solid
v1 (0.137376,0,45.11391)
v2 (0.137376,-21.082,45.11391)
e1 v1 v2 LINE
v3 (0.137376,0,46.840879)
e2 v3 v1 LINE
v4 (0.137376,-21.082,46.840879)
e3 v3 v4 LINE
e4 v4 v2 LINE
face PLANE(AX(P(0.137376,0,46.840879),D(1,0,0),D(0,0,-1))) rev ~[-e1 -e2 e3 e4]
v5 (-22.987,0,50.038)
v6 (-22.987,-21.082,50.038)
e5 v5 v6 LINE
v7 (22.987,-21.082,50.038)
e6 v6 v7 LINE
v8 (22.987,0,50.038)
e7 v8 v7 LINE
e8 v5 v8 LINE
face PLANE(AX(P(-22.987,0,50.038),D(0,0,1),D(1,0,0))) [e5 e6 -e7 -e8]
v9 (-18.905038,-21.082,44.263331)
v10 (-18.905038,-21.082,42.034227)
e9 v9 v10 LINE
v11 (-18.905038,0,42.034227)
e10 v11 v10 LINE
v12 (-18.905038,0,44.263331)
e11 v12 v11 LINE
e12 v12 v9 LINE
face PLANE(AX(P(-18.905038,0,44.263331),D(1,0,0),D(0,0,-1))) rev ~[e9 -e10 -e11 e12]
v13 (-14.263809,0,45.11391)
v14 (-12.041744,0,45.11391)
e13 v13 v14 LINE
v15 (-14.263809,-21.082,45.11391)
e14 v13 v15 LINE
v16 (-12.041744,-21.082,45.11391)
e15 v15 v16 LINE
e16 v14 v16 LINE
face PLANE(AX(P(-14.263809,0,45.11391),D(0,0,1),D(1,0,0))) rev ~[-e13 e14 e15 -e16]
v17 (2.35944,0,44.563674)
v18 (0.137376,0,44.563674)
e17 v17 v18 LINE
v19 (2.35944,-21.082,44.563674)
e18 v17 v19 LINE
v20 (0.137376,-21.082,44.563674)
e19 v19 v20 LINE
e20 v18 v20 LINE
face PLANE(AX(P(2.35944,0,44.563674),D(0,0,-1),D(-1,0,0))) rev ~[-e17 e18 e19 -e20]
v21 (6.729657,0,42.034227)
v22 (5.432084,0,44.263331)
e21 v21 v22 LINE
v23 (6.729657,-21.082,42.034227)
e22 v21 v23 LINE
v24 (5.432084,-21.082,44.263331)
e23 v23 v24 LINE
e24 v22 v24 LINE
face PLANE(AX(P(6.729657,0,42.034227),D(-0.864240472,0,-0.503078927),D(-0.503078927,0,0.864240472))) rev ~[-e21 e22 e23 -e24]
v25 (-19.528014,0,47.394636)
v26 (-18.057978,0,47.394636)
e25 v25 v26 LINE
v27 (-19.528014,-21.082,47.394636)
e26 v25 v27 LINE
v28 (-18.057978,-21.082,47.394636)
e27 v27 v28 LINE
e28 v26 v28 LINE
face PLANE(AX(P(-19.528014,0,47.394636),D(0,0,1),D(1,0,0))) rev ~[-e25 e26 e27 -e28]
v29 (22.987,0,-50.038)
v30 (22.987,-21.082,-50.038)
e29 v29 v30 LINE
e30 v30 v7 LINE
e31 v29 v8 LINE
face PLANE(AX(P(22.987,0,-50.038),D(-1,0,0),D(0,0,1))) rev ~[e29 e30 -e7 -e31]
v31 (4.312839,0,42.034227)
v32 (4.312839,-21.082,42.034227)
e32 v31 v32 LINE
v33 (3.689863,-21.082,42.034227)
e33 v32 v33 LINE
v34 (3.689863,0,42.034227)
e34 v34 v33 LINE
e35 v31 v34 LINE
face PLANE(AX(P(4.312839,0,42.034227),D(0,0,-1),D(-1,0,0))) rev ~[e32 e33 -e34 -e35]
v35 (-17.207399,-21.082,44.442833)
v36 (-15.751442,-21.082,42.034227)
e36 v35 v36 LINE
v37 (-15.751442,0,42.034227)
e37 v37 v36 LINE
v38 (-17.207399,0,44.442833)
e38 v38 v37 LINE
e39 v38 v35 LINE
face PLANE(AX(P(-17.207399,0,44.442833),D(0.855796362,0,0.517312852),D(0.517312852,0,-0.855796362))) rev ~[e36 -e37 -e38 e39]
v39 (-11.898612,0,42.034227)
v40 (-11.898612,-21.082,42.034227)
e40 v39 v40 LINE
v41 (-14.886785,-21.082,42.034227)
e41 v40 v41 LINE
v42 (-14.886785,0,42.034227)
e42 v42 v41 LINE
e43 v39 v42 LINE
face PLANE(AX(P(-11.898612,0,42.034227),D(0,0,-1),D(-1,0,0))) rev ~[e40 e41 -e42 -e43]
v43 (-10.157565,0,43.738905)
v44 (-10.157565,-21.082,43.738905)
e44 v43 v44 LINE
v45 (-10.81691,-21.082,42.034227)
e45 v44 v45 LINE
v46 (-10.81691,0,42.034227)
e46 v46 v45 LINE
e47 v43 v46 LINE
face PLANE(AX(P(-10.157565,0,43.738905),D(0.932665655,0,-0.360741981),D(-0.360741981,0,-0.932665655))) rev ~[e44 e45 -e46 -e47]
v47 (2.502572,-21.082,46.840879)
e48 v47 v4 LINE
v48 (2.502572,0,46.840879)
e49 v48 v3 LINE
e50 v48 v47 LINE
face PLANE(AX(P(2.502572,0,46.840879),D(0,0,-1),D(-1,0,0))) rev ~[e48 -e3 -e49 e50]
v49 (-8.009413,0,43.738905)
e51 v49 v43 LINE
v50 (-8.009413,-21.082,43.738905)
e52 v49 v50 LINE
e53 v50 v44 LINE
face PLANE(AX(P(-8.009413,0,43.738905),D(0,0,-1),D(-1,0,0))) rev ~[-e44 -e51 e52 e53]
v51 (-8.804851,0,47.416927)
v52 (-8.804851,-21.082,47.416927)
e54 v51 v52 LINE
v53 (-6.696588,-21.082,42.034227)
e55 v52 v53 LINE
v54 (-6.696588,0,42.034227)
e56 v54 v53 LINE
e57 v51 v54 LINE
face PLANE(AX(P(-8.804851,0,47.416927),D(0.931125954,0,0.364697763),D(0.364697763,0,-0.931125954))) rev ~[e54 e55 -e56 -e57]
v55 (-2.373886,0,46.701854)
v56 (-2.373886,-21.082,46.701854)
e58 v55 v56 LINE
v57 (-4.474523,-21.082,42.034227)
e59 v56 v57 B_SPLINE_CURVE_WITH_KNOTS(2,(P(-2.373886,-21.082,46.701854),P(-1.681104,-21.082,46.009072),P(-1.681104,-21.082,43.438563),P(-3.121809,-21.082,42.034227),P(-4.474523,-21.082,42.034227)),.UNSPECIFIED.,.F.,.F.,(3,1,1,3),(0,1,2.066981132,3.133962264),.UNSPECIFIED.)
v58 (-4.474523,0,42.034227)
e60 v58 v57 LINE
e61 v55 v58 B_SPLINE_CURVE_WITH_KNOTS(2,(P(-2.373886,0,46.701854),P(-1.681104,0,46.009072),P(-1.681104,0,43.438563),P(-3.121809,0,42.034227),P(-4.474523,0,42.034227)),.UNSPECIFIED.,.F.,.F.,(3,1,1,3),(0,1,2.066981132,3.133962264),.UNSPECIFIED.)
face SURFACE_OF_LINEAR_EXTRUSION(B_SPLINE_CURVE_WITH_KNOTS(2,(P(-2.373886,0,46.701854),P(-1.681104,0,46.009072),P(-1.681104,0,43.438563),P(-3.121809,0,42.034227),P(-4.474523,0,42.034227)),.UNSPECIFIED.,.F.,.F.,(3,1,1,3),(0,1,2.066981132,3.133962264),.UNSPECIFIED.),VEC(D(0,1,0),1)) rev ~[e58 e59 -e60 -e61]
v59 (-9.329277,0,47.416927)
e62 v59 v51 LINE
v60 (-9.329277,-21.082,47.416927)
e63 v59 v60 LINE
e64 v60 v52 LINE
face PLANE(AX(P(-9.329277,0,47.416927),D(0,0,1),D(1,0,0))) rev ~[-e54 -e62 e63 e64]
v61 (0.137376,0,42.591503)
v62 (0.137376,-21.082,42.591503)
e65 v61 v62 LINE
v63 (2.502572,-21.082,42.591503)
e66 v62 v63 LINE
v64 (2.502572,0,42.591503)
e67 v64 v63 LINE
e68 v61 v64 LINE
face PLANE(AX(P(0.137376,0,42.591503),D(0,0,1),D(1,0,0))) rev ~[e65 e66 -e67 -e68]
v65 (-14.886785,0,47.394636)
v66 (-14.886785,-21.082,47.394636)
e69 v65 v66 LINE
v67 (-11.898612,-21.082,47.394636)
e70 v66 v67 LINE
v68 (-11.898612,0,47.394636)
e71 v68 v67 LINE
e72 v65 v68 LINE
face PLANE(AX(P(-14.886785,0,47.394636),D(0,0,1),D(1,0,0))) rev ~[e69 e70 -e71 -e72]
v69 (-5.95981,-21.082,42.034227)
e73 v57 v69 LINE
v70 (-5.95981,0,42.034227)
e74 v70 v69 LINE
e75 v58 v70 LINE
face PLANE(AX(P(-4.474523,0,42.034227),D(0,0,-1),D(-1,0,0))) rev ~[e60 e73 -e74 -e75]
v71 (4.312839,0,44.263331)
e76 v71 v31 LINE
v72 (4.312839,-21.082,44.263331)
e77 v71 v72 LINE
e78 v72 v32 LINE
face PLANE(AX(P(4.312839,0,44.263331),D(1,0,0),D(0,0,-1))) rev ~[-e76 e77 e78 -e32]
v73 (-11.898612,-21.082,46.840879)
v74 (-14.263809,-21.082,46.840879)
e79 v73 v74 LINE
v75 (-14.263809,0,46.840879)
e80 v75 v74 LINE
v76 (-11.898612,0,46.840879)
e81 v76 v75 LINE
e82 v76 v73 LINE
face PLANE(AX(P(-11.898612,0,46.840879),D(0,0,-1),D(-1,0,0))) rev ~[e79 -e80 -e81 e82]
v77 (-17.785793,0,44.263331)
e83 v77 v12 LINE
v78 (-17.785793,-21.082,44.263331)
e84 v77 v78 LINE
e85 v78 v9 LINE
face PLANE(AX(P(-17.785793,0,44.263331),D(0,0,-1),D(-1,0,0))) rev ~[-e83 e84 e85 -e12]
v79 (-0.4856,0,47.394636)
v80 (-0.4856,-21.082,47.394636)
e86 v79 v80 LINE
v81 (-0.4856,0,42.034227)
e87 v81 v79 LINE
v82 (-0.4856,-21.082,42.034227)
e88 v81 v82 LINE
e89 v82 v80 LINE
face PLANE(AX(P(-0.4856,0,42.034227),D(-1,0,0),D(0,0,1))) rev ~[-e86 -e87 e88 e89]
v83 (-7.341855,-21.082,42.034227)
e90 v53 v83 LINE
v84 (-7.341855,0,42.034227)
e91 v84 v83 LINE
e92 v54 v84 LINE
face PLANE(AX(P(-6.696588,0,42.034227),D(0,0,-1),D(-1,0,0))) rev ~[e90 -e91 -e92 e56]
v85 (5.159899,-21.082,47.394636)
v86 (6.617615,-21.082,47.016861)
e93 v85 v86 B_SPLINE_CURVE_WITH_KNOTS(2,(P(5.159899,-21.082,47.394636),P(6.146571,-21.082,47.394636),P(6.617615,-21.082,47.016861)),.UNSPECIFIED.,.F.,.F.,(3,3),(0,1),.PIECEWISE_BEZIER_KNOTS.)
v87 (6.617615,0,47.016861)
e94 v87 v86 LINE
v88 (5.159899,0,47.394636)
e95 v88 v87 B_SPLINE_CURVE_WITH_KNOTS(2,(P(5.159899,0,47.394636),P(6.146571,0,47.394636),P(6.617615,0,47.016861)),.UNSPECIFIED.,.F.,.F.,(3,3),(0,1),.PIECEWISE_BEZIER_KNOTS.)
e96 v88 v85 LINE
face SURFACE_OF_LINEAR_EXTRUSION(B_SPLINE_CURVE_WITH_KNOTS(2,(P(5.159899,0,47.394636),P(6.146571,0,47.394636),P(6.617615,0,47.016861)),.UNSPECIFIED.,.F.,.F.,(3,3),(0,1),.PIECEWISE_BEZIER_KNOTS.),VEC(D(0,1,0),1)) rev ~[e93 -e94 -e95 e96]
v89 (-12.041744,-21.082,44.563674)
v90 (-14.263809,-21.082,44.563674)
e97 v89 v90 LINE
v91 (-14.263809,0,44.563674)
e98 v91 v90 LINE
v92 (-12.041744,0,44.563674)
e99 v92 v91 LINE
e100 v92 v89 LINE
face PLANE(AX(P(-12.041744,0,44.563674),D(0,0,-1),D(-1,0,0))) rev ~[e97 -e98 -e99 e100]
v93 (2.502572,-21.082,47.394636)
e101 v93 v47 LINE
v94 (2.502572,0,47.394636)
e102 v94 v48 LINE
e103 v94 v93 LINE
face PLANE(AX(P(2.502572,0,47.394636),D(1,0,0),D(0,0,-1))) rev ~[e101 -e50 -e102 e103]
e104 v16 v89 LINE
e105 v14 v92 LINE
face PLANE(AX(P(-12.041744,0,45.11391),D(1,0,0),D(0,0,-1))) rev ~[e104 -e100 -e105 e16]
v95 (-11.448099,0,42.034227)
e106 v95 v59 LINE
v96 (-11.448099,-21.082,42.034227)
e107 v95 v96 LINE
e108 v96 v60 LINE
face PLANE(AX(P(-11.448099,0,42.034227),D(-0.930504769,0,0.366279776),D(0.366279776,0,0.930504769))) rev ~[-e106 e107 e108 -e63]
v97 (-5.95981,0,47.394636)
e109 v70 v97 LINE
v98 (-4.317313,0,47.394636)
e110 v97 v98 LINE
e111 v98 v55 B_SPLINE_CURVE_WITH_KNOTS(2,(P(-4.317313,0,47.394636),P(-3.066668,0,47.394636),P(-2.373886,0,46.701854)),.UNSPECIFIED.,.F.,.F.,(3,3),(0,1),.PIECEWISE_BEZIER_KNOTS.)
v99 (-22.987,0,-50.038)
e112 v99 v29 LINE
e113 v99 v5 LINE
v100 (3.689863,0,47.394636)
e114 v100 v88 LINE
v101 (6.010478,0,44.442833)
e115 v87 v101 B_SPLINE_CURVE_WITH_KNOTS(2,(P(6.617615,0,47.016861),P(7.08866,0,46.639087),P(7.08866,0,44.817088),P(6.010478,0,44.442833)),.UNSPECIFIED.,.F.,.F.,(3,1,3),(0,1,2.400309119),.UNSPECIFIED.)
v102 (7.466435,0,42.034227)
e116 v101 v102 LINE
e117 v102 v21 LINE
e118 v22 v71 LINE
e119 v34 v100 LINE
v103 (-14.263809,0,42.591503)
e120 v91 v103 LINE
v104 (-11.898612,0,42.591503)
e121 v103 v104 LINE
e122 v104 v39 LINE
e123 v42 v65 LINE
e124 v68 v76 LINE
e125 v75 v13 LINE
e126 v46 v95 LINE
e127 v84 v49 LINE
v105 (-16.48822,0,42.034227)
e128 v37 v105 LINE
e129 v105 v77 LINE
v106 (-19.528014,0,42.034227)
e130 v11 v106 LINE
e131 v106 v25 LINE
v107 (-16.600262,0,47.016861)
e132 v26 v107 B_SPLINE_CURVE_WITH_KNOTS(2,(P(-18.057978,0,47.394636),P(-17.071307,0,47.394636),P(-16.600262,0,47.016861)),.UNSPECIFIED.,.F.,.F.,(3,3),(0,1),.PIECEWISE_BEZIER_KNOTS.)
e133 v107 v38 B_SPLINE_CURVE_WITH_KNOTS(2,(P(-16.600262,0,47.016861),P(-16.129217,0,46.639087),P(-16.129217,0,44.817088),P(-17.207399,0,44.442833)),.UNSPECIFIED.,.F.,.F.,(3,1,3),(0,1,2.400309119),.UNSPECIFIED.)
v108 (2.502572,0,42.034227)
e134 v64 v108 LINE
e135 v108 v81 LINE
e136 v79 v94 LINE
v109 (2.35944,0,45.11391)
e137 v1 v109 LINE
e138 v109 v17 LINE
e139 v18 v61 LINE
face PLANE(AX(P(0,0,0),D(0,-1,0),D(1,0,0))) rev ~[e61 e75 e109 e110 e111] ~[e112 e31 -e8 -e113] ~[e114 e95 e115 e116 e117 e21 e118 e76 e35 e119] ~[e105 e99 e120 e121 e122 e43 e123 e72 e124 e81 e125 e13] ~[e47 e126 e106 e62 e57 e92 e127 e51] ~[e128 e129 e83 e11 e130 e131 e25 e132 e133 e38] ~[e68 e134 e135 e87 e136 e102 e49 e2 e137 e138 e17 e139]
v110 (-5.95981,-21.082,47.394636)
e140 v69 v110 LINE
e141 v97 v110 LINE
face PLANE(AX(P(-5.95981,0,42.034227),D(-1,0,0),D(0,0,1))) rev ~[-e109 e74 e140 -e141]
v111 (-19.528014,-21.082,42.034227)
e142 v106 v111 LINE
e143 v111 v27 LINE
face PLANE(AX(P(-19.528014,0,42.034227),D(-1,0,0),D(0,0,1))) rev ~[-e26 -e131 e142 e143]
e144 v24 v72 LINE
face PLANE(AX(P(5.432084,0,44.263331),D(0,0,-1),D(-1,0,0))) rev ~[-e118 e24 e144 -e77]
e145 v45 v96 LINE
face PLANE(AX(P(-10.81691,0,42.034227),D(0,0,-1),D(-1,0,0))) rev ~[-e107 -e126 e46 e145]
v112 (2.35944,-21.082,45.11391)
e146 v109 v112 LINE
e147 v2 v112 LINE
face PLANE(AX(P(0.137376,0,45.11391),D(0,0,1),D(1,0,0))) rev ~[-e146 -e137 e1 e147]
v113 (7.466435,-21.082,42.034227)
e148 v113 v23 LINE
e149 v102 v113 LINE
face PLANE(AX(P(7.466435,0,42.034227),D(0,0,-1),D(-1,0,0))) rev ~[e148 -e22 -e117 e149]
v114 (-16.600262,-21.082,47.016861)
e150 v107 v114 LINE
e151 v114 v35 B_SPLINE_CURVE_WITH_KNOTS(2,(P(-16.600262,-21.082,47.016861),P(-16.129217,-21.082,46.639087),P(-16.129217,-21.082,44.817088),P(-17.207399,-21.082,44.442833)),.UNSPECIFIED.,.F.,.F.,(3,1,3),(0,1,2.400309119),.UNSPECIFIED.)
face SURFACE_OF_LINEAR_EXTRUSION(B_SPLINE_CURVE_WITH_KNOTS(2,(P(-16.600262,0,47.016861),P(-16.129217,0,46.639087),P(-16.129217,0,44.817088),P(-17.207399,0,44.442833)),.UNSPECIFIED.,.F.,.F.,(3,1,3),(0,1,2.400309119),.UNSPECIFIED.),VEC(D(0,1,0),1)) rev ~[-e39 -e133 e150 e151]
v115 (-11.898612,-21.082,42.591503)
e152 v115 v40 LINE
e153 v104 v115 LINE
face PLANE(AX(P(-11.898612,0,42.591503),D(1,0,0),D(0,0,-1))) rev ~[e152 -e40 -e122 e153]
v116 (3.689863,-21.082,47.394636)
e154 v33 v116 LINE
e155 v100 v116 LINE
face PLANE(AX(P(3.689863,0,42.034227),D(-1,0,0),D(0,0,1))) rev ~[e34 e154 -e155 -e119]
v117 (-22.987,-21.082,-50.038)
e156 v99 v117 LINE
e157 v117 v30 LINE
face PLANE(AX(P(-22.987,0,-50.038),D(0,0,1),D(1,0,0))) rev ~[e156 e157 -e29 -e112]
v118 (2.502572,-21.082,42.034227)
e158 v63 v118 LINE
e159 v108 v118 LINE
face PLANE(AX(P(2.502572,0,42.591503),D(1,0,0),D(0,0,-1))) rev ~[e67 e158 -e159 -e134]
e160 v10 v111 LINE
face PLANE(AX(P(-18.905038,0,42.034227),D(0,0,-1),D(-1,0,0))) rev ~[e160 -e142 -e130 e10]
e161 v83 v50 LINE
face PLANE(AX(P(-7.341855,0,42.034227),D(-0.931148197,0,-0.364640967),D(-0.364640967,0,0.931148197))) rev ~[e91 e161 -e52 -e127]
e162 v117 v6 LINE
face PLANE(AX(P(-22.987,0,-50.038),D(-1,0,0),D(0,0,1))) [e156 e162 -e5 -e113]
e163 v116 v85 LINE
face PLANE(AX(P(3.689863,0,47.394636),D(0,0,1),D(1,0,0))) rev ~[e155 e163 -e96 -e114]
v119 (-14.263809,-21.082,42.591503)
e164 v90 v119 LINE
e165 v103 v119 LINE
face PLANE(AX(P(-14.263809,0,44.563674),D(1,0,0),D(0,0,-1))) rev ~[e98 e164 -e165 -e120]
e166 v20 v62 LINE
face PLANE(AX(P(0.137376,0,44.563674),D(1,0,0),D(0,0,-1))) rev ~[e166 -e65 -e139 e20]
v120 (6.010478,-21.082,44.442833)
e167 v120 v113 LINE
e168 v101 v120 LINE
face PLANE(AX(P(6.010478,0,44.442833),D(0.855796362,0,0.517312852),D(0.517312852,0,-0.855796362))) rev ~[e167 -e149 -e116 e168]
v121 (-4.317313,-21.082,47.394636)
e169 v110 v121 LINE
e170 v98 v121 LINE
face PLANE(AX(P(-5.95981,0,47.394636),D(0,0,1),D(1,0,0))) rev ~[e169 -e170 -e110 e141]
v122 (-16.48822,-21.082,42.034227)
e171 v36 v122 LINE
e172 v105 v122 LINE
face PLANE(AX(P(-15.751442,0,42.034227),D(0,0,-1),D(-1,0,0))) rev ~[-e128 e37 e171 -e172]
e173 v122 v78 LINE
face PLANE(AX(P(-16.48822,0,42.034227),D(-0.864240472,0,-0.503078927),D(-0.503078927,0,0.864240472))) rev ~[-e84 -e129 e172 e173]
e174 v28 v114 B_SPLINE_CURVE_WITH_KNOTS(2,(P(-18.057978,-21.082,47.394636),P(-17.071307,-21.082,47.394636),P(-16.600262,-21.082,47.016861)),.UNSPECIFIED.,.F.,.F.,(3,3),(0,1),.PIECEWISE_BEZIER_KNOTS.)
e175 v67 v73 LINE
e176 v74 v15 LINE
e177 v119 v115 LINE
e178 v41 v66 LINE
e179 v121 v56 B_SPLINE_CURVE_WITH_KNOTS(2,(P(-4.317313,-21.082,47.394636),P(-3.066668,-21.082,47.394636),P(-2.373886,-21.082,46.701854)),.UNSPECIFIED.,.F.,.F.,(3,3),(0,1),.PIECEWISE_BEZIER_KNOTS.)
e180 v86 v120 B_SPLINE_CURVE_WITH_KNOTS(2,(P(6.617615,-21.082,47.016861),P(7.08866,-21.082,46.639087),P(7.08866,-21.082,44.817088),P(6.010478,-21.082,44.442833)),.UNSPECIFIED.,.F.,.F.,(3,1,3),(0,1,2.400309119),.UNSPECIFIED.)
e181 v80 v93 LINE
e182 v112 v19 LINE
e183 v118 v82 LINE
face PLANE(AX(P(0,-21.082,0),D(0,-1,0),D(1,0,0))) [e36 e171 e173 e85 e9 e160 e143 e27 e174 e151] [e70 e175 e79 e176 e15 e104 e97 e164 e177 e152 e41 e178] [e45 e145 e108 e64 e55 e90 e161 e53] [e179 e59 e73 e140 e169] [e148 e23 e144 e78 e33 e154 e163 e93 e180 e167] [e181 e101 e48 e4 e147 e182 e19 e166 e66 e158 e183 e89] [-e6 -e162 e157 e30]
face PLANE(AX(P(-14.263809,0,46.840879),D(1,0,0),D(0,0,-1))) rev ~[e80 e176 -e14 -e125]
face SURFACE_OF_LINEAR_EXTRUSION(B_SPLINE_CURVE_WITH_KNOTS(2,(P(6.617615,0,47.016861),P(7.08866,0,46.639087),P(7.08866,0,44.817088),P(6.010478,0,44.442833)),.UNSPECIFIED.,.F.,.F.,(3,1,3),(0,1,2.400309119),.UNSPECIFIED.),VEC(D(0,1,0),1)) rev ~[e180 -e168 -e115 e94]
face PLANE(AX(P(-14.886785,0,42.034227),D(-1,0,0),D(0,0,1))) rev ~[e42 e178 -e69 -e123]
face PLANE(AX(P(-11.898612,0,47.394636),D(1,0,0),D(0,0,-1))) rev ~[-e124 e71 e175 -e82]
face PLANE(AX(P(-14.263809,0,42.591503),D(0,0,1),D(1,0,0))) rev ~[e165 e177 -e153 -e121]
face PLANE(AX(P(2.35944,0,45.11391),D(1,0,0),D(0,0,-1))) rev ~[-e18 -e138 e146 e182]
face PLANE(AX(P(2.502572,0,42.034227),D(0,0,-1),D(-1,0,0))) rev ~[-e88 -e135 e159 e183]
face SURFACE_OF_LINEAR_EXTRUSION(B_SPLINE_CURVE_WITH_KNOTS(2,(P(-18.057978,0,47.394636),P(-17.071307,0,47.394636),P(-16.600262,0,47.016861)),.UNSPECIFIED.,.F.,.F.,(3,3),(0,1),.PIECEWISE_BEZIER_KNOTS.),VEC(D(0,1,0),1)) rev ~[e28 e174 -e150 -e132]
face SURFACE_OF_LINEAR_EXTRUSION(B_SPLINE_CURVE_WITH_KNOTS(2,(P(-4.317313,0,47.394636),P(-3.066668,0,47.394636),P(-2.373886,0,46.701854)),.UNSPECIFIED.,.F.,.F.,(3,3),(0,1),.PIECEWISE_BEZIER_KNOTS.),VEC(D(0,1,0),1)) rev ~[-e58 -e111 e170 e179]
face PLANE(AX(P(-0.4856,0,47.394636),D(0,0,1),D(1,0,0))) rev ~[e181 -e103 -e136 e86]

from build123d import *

# Parameters (mm, degrees)
F0_W     = 45.974
F0_H     = 100.076
F1_DEPTH = 21.082


with BuildPart() as f1:
    # F0 (on Front) → F1 (new body)
    with BuildSketch(Plane.XZ):
        Rectangle(F0_W, F0_H)
        with BuildLine():
            Line((-17.7857931137, 44.2633313295), (-18.9050379284, 44.2633313295))
            Line((-18.9050379284, 44.2633313295), (-18.9050379284, 42.034227401))
            Line((-18.9050379284, 42.034227401), (-19.5280138157, 42.034227401))
            Line((-19.5280138157, 42.034227401), (-19.5280138157, 47.3946357427))
            Line((-19.5280138157, 47.3946357427), (-18.0579784355, 47.3946357427))
            add(Edge.make_bspline(
                [(-18.0579784355, 47.3946357427), (-17.071306644, 47.3946357427), (-16.6002617876, 47.0168612875)],
                knots=[0, 0, 0, 1, 1, 1], degree=2))
            add(Edge.make_bspline(
                [(-16.6002617876, 47.0168612875), (-16.1292169311, 46.6390868322), (-16.1292169311, 45.8800182839)],
                knots=[0, 0, 0, 1, 1, 1], degree=2))
            add(Edge.make_bspline(
                [(-16.1292169311, 45.8800182839), (-16.1292169311, 44.8170876738), (-17.2073993049, 44.4428328564)],
                knots=[0, 0, 0, 1, 1, 1], degree=2))
            Line((-17.2073993049, 44.4428328564), (-15.7514424759, 42.034227401))
            Line((-15.7514424759, 42.034227401), (-16.4882199848, 42.034227401))
            Line((-16.4882199848, 42.034227401), (-17.7857931137, 44.2633313295))
        make_face(mode=Mode.SUBTRACT)
        Polygon((-11.8986123174, 42.5915033831), (-11.8986123174, 42.034227401), (-14.8867847941, 42.034227401), (-14.8867847941, 47.3946357427), (-11.8986123174, 47.3946357427), (-11.8986123174, 46.8408793984), (-14.2638089067, 46.8408793984), (-14.2638089067, 45.1139104601), (-12.0417442538, 45.1139104601), (-12.0417442538, 44.5636737536), (-14.2638089067, 44.5636737536), (-14.2638089067, 42.5915033831), align=None, mode=Mode.SUBTRACT)
        Polygon((-6.6965876758, 42.034227401), (-7.3418546025, 42.034227401), (-8.0094125685, 43.7389053), (-10.157564828, 43.7389053), (-10.8169103057, 42.034227401), (-11.4480986813, 42.034227401), (-9.3292767366, 47.416926782), (-8.8048507071, 47.416926782), align=None, mode=Mode.SUBTRACT)
        with BuildLine():
            add(Edge.make_bspline(
                [(-2.3738858735, 46.701853706), (-1.6811038367, 46.0090716693), (-1.6811038367, 44.7654663197)],
                knots=[0, 0, 0, 1, 1, 1], degree=2))
            add(Edge.make_bspline(
                [(-1.6811038367, 44.7654663197), (-1.6811038367, 43.438562876), (-2.4014563694, 42.7363951385)],
                knots=[0, 0, 0, 1, 1, 1], degree=2))
            add(Edge.make_bspline(
                [(-2.4014563694, 42.7363951385), (-3.1218089021, 42.034227401), (-4.4745230229, 42.034227401)],
                knots=[0, 0, 0, 1, 1, 1], degree=2))
            Line((-4.4745230229, 42.034227401), (-5.9598101668, 42.034227401))
            Line((-5.9598101668, 42.034227401), (-5.9598101668, 47.3946357427))
            Line((-5.9598101668, 47.3946357427), (-4.3173125353, 47.3946357427))
            add(Edge.make_bspline(
                [(-4.3173125353, 47.3946357427), (-3.0666679102, 47.3946357427), (-2.3738858735, 46.701853706)],
                knots=[0, 0, 0, 1, 1, 1], degree=2))
        make_face(mode=Mode.SUBTRACT)
        Polygon((2.5025722732, 42.5915033831), (2.5025722732, 42.034227401), (-0.4856002035, 42.034227401), (-0.4856002035, 47.3946357427), (2.5025722732, 47.3946357427), (2.5025722732, 46.8408793984), (0.1373756839, 46.8408793984), (0.1373756839, 45.1139104601), (2.3594403368, 45.1139104601), (2.3594403368, 44.5636737536), (0.1373756839, 44.5636737536), (0.1373756839, 42.5915033831), align=None, mode=Mode.SUBTRACT)
        with BuildLine():
            Line((5.4320841203, 44.2633313295), (4.3128393057, 44.2633313295))
            Line((4.3128393057, 44.2633313295), (4.3128393057, 42.034227401))
            Line((4.3128393057, 42.034227401), (3.6898634183, 42.034227401))
            Line((3.6898634183, 42.034227401), (3.6898634183, 47.3946357427))
            Line((3.6898634183, 47.3946357427), (5.1598987985, 47.3946357427))
            add(Edge.make_bspline(
                [(5.1598987985, 47.3946357427), (6.14657059, 47.3946357427), (6.6176154465, 47.0168612875)],
                knots=[0, 0, 0, 1, 1, 1], degree=2))
            add(Edge.make_bspline(
                [(6.6176154465, 47.0168612875), (7.0886603029, 46.6390868322), (7.0886603029, 45.8800182839)],
                knots=[0, 0, 0, 1, 1, 1], degree=2))
            add(Edge.make_bspline(
                [(7.0886603029, 45.8800182839), (7.0886603029, 44.8170876738), (6.0104779291, 44.4428328564)],
                knots=[0, 0, 0, 1, 1, 1], degree=2))
            Line((6.0104779291, 44.4428328564), (7.4664347582, 42.034227401))
            Line((7.4664347582, 42.034227401), (6.7296572492, 42.034227401))
            Line((6.7296572492, 42.034227401), (5.4320841203, 44.2633313295))
        make_face(mode=Mode.SUBTRACT)
    extrude(amount=F1_DEPTH)


solid = f1.part
